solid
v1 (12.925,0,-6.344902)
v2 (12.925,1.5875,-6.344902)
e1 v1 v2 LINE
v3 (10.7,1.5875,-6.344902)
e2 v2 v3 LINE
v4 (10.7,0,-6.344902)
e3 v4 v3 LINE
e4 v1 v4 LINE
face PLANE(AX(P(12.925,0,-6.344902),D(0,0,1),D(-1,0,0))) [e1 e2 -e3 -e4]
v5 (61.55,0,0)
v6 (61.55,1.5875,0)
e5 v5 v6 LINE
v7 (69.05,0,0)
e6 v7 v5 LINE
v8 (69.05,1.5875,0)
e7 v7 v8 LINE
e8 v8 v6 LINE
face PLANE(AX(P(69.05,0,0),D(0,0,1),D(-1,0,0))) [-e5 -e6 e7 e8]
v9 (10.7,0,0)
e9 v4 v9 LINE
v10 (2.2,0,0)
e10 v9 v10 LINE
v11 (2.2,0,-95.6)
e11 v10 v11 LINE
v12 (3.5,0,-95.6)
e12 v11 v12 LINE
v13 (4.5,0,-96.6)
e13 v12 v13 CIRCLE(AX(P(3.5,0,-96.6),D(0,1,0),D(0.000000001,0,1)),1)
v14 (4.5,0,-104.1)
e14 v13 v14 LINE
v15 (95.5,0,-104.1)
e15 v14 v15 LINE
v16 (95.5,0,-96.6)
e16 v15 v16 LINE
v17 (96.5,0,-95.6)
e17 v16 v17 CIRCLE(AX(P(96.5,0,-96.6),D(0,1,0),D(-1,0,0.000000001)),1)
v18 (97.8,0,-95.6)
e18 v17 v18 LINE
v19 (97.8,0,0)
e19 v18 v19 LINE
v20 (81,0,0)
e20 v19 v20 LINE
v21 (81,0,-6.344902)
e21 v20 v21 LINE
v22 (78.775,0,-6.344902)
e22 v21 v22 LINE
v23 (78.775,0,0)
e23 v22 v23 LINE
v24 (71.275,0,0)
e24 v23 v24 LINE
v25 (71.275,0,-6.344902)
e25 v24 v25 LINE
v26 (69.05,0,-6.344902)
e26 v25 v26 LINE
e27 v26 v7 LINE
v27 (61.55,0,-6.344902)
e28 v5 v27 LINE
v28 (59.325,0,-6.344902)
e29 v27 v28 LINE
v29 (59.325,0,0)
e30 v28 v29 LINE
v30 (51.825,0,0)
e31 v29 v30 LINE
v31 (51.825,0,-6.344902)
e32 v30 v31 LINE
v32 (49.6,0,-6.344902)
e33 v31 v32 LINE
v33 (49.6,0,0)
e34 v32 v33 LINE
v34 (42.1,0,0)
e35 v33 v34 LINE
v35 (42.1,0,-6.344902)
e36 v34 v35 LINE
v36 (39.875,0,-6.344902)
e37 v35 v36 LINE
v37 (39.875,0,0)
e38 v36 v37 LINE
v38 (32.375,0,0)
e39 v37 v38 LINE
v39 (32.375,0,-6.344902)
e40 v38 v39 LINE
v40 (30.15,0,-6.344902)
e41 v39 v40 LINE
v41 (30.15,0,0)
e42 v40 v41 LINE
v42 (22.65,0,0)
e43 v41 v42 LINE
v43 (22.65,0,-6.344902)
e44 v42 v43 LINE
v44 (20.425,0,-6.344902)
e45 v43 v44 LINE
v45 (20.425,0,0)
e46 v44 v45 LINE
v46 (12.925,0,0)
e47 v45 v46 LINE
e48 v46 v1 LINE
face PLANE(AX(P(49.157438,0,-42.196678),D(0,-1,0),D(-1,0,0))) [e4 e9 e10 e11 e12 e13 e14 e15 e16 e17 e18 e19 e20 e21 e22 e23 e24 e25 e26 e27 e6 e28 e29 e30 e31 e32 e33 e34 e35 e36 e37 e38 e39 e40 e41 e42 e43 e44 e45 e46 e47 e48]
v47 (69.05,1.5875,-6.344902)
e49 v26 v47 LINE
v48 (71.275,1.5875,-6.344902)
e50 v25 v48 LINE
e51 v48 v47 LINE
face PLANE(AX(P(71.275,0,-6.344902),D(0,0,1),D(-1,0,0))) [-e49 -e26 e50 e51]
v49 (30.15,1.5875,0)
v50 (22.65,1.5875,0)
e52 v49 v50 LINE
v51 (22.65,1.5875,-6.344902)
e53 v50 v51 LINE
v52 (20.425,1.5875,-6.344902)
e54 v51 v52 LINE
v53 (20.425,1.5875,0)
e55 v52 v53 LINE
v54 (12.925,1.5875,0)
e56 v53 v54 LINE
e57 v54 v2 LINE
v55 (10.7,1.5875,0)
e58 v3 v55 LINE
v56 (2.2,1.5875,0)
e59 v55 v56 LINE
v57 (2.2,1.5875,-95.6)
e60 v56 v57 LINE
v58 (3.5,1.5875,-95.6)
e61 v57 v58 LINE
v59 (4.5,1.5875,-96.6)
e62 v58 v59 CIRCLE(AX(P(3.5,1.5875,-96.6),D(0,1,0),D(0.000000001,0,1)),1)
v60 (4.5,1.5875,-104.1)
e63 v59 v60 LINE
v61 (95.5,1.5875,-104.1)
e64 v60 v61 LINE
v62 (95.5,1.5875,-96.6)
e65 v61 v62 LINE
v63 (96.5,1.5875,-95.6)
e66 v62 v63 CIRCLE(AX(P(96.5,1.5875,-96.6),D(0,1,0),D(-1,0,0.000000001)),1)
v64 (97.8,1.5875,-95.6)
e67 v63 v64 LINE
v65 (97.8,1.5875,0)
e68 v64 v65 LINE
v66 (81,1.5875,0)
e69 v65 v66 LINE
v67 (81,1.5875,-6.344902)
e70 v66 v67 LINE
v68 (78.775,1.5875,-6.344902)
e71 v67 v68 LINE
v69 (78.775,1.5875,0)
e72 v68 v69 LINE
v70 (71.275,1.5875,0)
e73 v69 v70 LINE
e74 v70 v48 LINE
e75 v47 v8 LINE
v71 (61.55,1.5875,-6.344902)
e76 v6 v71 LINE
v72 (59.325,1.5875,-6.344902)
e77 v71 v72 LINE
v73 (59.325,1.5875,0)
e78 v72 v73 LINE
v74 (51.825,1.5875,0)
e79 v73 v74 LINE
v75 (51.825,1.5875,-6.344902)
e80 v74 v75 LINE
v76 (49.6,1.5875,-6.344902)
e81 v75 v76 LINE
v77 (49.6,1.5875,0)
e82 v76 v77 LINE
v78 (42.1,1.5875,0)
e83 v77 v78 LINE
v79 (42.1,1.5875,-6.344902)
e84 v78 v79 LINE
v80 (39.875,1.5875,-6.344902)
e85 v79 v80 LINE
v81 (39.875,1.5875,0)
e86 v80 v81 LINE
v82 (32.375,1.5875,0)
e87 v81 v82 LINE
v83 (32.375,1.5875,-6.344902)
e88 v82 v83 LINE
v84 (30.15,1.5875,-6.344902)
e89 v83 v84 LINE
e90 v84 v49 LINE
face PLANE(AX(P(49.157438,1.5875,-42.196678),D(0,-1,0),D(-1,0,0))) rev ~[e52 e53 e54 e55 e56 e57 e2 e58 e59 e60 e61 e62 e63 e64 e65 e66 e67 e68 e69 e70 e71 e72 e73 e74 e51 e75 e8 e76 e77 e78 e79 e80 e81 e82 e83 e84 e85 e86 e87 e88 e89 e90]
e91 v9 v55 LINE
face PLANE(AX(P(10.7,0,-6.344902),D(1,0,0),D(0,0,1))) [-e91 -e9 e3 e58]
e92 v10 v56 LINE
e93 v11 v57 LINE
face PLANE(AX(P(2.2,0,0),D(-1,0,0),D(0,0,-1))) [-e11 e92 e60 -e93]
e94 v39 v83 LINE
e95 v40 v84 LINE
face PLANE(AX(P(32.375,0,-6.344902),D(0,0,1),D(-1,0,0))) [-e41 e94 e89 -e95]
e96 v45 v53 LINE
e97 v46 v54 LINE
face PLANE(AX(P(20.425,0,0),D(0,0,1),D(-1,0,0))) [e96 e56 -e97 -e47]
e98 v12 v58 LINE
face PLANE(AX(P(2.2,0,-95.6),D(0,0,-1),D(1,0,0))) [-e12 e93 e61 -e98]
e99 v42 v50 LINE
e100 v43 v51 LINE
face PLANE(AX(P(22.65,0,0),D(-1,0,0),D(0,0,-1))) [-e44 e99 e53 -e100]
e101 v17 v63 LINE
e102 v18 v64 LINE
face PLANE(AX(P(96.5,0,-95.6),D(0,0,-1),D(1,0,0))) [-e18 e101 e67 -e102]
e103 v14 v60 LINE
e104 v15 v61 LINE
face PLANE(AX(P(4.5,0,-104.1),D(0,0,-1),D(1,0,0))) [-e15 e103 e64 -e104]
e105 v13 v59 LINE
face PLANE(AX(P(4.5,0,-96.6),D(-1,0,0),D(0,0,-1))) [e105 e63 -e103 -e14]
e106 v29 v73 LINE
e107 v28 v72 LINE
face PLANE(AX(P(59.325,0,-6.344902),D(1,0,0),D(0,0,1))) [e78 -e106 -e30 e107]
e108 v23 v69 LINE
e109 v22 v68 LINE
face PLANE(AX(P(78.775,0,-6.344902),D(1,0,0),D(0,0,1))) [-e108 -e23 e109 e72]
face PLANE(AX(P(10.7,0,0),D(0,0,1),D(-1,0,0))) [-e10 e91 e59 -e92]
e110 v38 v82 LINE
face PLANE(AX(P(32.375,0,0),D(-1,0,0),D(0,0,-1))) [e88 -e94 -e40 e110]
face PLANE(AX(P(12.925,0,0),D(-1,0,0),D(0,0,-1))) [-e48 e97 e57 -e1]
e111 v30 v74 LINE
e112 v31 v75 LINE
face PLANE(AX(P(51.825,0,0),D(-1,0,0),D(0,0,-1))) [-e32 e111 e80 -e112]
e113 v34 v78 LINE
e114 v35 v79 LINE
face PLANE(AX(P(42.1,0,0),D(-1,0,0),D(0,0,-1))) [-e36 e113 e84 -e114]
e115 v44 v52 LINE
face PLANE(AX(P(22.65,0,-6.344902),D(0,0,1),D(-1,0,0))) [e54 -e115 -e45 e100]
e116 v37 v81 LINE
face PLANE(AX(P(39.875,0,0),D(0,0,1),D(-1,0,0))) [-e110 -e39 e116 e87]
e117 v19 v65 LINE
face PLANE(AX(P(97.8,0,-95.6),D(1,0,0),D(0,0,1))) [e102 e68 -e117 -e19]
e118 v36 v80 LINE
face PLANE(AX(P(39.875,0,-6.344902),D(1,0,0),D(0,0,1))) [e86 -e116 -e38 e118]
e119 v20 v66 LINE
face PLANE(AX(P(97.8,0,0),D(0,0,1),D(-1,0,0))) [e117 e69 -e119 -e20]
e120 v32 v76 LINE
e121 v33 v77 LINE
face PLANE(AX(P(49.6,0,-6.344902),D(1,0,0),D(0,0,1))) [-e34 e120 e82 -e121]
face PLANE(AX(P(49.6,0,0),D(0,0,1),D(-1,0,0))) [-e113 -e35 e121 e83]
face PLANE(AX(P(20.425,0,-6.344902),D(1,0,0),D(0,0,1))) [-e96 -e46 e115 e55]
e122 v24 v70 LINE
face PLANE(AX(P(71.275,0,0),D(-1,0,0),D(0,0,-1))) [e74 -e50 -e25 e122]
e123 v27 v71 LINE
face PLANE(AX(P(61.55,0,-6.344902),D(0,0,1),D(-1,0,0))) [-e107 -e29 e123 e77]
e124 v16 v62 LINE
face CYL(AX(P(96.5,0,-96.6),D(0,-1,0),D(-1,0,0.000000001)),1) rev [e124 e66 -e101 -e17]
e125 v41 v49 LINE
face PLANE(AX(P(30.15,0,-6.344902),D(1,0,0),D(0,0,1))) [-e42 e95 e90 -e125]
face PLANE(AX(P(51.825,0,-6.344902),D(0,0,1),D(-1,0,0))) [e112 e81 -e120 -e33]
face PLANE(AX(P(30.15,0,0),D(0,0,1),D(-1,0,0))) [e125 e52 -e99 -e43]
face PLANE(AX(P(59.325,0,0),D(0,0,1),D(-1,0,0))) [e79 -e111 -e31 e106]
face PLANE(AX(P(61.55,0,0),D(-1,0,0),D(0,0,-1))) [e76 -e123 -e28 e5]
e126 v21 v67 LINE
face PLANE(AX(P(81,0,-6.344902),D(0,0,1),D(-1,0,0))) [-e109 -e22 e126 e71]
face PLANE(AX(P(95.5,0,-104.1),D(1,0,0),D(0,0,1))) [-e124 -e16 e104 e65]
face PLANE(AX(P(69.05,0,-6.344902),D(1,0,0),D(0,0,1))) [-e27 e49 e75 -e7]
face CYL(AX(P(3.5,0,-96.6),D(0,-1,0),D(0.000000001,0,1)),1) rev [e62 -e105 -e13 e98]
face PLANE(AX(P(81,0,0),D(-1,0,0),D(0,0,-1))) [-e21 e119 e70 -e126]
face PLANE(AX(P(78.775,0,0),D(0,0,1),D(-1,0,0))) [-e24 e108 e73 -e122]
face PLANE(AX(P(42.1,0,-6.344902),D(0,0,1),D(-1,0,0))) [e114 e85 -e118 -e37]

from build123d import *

# Parameters (mm, degrees)
BOSS_EXTRUDE1_DEPTH = 1.5875


with BuildPart() as part:
    # Sketch1 → Boss-Extrude1 (new body)
    with BuildSketch(Plane(origin=(0, 0, 0), x_dir=(1, 0, 0), z_dir=(0, 1, 0))):
        with BuildLine():
            Line((4.5, 96.6), (4.5, 104.1))
            Line((4.5, 104.1), (95.5, 104.1))
            Line((95.5, 104.1), (95.5, 96.6))
            ThreePointArc((95.5, 96.6), (95.792893219, 95.892893219), (96.5, 95.6))
            Line((96.5, 95.6), (97.8, 95.6))
            Line((97.8, 95.6), (97.8, 0))
            Line((97.8, 0), (81, 0))
            Line((81, 0), (81, 6.344902398))
            Line((81, 6.344902398), (78.775, 6.344902398))
            Line((78.775, 6.344902398), (78.775, 0))
            Line((78.775, 0), (71.275, 0))
            Line((71.275, 0), (71.275, 6.344902398))
            Line((71.275, 6.344902398), (69.05, 6.344902398))
            Line((69.05, 6.344902398), (69.05, 0))
            Line((69.05, 0), (61.55, 0))
            Line((61.55, 0), (61.55, 6.344902398))
            Line((61.55, 6.344902398), (59.325, 6.344902398))
            Line((59.325, 6.344902398), (59.325, 0))
            Line((59.325, 0), (51.825, 0))
            Line((51.825, 0), (51.825, 6.344902398))
            Line((51.825, 6.344902398), (49.6, 6.344902398))
            Line((49.6, 6.344902398), (49.6, 0))
            Line((49.6, 0), (42.1, 0))
            Line((42.1, 0), (42.1, 6.344902398))
            Line((42.1, 6.344902398), (39.875, 6.344902398))
            Line((39.875, 6.344902398), (39.875, 0))
            Line((39.875, 0), (32.375, 0))
            Line((32.375, 0), (32.375, 6.344902398))
            Line((32.375, 6.344902398), (30.15, 6.344902398))
            Line((30.15, 6.344902398), (30.15, 0))
            Line((30.15, 0), (22.65, 0))
            Line((22.65, 0), (22.65, 6.344902398))
            Line((22.65, 6.344902398), (20.425, 6.344902398))
            Line((20.425, 6.344902398), (20.425, 0))
            Line((20.425, 0), (12.925, 0))
            Line((12.925, 0), (12.925, 6.344902398))
            Line((12.925, 6.344902398), (10.7, 6.344902398))
            Line((10.7, 6.344902398), (10.7, 0))
            Line((10.7, 0), (2.2, 0))
            Line((2.2, 0), (2.2, 95.6))
            Line((2.2, 95.6), (3.5, 95.6))
            ThreePointArc((3.5, 95.6), (4.207106781, 95.892893219), (4.5, 96.6))
        make_face()
    extrude(amount=BOSS_EXTRUDE1_DEPTH)


solid = part.part
